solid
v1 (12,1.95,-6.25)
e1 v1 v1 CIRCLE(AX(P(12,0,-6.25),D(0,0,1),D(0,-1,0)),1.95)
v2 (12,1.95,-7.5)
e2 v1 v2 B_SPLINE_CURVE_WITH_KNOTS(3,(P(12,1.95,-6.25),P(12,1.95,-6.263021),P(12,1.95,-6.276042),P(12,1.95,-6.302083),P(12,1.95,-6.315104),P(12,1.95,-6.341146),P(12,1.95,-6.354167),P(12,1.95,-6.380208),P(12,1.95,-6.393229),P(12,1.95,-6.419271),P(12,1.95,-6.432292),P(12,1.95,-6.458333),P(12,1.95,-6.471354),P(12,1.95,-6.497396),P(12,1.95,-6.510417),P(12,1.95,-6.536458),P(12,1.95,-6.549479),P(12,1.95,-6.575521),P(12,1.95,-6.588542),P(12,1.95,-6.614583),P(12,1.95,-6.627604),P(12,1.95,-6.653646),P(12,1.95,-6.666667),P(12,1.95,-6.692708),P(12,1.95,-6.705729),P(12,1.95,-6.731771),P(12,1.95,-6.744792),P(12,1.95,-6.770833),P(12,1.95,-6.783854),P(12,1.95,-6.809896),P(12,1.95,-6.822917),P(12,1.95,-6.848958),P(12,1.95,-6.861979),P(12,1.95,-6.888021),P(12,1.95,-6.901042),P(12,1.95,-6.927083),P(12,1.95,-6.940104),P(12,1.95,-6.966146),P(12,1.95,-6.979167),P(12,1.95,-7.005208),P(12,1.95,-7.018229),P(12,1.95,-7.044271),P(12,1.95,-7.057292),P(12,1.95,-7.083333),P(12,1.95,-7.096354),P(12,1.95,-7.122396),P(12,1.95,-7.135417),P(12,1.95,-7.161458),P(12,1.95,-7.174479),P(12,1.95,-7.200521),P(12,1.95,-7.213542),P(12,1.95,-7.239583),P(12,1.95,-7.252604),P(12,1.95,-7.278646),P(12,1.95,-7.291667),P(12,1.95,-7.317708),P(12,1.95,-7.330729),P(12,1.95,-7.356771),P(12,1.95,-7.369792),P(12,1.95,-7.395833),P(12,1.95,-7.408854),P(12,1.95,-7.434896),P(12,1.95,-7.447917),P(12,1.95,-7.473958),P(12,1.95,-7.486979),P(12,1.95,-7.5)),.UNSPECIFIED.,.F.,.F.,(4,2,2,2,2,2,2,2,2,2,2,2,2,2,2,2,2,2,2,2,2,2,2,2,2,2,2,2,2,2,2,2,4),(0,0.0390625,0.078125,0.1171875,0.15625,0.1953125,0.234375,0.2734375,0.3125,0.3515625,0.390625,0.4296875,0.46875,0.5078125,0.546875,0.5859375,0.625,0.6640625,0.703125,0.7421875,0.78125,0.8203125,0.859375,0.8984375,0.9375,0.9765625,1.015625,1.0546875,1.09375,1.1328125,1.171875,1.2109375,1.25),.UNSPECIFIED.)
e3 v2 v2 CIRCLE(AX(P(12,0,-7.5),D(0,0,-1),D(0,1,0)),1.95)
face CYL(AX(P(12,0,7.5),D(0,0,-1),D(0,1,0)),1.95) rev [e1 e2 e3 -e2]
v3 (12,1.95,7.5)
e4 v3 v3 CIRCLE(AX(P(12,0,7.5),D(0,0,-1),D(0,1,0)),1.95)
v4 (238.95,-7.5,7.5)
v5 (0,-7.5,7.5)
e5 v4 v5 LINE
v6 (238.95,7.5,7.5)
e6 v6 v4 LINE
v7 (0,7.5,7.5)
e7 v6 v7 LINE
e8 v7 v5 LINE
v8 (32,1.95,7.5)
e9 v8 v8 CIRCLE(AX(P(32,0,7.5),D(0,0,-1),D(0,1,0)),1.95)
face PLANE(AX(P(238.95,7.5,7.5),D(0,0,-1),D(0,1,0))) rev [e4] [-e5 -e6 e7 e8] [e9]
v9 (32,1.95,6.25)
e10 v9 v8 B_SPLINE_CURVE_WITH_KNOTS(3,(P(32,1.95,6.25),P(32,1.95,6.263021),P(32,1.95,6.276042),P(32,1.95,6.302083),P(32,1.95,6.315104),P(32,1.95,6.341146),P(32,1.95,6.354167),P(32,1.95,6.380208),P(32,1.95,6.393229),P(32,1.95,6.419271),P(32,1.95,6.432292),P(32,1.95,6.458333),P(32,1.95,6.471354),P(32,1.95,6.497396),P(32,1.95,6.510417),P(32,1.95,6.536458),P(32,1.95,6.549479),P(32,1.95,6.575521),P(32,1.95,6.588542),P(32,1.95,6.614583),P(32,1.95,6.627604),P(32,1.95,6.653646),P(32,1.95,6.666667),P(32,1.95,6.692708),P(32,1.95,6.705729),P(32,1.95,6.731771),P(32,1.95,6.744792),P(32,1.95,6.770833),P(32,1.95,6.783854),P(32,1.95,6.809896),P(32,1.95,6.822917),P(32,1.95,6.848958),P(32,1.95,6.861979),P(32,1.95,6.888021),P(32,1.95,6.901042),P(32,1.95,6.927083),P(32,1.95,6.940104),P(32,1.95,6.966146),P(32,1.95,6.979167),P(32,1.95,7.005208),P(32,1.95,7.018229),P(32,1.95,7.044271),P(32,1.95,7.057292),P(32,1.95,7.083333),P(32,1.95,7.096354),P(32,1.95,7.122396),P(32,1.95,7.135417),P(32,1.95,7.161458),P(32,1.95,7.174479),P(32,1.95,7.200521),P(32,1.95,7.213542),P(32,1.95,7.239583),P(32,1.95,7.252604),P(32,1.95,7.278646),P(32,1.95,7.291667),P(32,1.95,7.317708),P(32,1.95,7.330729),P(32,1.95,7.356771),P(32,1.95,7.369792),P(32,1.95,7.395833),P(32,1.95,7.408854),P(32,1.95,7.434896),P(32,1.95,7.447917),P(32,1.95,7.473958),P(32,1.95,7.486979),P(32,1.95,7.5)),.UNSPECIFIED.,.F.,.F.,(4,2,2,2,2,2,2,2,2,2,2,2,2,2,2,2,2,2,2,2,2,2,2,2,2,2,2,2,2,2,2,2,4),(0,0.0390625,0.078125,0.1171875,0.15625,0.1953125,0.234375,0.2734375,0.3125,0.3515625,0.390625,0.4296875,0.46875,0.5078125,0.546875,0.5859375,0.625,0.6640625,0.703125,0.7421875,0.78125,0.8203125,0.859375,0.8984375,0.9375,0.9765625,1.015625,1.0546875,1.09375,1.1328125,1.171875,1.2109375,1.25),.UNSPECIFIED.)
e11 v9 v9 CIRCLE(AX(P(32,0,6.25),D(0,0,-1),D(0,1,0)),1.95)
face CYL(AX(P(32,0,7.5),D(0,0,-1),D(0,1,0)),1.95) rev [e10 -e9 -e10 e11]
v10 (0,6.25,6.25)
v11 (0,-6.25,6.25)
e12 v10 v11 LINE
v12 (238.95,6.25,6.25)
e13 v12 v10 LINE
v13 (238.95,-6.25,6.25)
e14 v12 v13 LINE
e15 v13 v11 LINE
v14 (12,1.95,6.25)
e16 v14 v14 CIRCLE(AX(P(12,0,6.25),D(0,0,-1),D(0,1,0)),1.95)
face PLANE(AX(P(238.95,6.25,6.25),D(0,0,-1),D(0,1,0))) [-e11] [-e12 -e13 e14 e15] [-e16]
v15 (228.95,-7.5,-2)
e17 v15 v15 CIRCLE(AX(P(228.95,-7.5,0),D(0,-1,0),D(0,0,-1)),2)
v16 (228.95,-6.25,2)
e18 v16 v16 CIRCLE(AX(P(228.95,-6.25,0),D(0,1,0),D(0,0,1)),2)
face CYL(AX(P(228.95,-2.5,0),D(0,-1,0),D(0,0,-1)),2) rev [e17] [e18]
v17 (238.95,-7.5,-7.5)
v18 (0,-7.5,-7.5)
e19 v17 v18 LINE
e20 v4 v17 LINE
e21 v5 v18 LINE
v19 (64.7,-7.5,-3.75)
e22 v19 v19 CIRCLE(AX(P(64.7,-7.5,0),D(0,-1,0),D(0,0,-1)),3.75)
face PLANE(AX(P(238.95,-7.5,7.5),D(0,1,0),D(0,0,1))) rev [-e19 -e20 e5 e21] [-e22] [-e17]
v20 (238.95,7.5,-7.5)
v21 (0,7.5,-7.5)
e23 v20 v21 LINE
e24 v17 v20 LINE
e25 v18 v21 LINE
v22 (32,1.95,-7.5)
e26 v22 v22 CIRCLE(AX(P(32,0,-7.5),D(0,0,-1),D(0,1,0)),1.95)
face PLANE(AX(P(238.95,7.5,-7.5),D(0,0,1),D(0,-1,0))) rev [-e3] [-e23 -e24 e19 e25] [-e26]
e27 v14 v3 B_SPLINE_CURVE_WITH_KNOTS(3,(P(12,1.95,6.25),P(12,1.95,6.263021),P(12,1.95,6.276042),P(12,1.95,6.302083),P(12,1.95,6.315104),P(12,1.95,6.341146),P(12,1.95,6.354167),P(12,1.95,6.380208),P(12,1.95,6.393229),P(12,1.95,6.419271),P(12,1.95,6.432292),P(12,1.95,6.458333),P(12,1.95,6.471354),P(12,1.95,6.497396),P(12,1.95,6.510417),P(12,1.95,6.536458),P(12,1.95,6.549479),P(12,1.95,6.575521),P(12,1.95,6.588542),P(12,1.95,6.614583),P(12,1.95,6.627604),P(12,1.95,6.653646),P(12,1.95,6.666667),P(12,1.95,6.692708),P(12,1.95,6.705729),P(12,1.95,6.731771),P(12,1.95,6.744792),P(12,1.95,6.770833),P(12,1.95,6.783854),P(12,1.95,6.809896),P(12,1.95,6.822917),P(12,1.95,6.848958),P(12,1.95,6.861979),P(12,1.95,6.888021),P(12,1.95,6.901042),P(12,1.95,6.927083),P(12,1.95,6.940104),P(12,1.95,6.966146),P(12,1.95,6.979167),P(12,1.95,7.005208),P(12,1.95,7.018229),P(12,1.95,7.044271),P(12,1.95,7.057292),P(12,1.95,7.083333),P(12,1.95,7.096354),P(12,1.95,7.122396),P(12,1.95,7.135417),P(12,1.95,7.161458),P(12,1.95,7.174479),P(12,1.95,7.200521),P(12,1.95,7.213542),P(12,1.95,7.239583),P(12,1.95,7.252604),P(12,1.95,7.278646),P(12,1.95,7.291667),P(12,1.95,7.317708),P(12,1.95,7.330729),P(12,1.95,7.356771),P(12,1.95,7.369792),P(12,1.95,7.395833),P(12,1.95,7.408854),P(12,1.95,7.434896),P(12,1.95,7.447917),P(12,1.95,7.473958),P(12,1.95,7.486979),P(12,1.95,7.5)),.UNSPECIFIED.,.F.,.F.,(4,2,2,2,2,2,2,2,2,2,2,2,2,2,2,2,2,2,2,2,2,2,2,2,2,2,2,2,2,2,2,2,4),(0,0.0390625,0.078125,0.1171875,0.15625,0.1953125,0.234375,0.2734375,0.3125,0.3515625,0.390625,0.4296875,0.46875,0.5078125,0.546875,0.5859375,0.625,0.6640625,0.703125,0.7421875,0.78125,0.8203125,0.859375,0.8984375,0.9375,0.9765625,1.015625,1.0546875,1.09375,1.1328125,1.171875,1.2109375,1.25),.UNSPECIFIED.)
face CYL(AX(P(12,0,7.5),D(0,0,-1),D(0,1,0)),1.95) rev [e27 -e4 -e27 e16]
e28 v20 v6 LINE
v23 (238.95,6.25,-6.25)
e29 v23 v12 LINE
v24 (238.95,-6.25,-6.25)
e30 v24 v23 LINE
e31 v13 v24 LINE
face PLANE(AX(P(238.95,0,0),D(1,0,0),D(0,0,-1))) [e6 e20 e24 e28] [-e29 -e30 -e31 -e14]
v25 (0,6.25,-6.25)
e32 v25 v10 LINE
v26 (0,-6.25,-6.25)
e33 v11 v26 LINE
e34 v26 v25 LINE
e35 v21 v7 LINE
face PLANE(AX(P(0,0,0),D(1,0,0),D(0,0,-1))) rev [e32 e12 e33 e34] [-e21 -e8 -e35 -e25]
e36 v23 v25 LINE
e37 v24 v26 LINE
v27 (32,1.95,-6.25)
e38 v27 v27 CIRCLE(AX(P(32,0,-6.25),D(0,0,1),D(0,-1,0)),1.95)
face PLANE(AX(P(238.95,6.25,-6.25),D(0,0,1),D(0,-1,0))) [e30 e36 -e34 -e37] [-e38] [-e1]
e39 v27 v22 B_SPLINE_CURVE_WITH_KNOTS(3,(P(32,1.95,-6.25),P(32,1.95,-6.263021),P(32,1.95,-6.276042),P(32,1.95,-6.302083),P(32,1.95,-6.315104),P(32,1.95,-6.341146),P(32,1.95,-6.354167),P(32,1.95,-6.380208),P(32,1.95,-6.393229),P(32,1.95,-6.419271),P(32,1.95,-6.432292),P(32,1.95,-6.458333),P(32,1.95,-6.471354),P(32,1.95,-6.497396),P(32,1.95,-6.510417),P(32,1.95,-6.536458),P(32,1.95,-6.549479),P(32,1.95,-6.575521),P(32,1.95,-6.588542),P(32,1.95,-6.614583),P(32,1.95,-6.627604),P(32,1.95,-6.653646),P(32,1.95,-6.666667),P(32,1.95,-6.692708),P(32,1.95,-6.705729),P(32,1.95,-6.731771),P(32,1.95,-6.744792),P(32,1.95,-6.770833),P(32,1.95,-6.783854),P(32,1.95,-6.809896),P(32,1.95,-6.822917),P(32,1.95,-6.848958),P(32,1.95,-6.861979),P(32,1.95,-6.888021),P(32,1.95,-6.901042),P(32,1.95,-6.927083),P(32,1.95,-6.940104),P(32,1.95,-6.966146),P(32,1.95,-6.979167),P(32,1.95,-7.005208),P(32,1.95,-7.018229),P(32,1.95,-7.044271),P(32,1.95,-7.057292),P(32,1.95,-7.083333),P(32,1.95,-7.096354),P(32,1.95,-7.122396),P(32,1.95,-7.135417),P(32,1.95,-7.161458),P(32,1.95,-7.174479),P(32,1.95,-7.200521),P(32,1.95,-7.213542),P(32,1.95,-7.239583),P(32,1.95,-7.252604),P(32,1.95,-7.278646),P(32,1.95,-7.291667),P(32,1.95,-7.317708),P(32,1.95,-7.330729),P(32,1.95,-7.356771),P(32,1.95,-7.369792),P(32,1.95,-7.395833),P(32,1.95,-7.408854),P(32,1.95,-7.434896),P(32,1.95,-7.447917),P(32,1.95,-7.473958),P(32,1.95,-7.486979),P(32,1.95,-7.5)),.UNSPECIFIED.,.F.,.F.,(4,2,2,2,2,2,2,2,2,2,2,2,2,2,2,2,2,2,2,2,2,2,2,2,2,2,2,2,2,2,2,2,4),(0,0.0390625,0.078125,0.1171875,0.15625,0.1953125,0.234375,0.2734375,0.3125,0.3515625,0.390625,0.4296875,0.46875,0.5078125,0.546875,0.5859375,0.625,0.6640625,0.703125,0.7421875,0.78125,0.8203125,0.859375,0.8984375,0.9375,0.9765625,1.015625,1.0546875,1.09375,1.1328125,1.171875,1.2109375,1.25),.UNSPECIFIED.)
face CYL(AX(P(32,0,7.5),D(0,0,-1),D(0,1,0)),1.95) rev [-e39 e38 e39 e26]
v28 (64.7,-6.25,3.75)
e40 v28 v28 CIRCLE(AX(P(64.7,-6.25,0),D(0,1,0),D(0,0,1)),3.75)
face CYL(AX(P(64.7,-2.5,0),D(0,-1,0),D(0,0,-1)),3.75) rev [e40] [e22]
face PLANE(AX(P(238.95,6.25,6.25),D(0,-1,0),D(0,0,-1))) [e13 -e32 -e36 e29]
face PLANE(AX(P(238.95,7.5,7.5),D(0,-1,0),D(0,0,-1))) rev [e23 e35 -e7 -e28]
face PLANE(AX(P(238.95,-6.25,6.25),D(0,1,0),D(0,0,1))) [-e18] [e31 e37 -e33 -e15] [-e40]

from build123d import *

# Parameters (mm, degrees)
SKETCH1_W           = 15
SKETCH1_H           = 15
SKETCH1_W_2         = 12.5
SKETCH1_H_2         = 12.5
BOSS_EXTRUDE1_DEPTH = 238.95
SKETCH2_R           = 1.95
CUT_EXTRUDE1_DEPTH  = 240.537789294
SKETCH5_R           = 3.75
SKETCH5_R_2         = 2
CUT_EXTRUDE6_DEPTH  = 5


with BuildPart() as part:
    # Sketch1 → Boss-Extrude1 (new body)
    with BuildSketch(Plane(origin=(0, 0, 0), x_dir=(0, 0, -1), z_dir=(1, 0, 0))):
        Rectangle(SKETCH1_W, SKETCH1_H)
        Rectangle(SKETCH1_W_2, SKETCH1_H_2, mode=Mode.SUBTRACT)
    extrude(amount=BOSS_EXTRUDE1_DEPTH)

    # Sketch2 → Cut-Extrude1 (cut, through all)
    with BuildSketch(Plane(origin=(0, 0, -7.5), x_dir=(-1, 0, 0), z_dir=(0, 0, -1))):
        with Locations(Location((-12.000000001, 0, 0), (0, 0, 90))):
            Circle(SKETCH2_R)
        with Locations(Location((-32.000000001, 0, 0), (0, 0, 90))):
            Circle(SKETCH2_R)
    extrude(amount=-CUT_EXTRUDE1_DEPTH, mode=Mode.SUBTRACT)

    # Sketch5 → Cut-Extrude6 (cut)
    with BuildSketch(Plane.XZ.offset(7.5)):
        with Locations(Location((64.7, 0, 0), (0, 0, 270))):
            Circle(SKETCH5_R)
        with Locations(Location((228.95, 0, 0), (0, 0, 270))):
            Circle(SKETCH5_R_2)
    extrude(amount=-CUT_EXTRUDE6_DEPTH, mode=Mode.SUBTRACT)


solid = part.part
